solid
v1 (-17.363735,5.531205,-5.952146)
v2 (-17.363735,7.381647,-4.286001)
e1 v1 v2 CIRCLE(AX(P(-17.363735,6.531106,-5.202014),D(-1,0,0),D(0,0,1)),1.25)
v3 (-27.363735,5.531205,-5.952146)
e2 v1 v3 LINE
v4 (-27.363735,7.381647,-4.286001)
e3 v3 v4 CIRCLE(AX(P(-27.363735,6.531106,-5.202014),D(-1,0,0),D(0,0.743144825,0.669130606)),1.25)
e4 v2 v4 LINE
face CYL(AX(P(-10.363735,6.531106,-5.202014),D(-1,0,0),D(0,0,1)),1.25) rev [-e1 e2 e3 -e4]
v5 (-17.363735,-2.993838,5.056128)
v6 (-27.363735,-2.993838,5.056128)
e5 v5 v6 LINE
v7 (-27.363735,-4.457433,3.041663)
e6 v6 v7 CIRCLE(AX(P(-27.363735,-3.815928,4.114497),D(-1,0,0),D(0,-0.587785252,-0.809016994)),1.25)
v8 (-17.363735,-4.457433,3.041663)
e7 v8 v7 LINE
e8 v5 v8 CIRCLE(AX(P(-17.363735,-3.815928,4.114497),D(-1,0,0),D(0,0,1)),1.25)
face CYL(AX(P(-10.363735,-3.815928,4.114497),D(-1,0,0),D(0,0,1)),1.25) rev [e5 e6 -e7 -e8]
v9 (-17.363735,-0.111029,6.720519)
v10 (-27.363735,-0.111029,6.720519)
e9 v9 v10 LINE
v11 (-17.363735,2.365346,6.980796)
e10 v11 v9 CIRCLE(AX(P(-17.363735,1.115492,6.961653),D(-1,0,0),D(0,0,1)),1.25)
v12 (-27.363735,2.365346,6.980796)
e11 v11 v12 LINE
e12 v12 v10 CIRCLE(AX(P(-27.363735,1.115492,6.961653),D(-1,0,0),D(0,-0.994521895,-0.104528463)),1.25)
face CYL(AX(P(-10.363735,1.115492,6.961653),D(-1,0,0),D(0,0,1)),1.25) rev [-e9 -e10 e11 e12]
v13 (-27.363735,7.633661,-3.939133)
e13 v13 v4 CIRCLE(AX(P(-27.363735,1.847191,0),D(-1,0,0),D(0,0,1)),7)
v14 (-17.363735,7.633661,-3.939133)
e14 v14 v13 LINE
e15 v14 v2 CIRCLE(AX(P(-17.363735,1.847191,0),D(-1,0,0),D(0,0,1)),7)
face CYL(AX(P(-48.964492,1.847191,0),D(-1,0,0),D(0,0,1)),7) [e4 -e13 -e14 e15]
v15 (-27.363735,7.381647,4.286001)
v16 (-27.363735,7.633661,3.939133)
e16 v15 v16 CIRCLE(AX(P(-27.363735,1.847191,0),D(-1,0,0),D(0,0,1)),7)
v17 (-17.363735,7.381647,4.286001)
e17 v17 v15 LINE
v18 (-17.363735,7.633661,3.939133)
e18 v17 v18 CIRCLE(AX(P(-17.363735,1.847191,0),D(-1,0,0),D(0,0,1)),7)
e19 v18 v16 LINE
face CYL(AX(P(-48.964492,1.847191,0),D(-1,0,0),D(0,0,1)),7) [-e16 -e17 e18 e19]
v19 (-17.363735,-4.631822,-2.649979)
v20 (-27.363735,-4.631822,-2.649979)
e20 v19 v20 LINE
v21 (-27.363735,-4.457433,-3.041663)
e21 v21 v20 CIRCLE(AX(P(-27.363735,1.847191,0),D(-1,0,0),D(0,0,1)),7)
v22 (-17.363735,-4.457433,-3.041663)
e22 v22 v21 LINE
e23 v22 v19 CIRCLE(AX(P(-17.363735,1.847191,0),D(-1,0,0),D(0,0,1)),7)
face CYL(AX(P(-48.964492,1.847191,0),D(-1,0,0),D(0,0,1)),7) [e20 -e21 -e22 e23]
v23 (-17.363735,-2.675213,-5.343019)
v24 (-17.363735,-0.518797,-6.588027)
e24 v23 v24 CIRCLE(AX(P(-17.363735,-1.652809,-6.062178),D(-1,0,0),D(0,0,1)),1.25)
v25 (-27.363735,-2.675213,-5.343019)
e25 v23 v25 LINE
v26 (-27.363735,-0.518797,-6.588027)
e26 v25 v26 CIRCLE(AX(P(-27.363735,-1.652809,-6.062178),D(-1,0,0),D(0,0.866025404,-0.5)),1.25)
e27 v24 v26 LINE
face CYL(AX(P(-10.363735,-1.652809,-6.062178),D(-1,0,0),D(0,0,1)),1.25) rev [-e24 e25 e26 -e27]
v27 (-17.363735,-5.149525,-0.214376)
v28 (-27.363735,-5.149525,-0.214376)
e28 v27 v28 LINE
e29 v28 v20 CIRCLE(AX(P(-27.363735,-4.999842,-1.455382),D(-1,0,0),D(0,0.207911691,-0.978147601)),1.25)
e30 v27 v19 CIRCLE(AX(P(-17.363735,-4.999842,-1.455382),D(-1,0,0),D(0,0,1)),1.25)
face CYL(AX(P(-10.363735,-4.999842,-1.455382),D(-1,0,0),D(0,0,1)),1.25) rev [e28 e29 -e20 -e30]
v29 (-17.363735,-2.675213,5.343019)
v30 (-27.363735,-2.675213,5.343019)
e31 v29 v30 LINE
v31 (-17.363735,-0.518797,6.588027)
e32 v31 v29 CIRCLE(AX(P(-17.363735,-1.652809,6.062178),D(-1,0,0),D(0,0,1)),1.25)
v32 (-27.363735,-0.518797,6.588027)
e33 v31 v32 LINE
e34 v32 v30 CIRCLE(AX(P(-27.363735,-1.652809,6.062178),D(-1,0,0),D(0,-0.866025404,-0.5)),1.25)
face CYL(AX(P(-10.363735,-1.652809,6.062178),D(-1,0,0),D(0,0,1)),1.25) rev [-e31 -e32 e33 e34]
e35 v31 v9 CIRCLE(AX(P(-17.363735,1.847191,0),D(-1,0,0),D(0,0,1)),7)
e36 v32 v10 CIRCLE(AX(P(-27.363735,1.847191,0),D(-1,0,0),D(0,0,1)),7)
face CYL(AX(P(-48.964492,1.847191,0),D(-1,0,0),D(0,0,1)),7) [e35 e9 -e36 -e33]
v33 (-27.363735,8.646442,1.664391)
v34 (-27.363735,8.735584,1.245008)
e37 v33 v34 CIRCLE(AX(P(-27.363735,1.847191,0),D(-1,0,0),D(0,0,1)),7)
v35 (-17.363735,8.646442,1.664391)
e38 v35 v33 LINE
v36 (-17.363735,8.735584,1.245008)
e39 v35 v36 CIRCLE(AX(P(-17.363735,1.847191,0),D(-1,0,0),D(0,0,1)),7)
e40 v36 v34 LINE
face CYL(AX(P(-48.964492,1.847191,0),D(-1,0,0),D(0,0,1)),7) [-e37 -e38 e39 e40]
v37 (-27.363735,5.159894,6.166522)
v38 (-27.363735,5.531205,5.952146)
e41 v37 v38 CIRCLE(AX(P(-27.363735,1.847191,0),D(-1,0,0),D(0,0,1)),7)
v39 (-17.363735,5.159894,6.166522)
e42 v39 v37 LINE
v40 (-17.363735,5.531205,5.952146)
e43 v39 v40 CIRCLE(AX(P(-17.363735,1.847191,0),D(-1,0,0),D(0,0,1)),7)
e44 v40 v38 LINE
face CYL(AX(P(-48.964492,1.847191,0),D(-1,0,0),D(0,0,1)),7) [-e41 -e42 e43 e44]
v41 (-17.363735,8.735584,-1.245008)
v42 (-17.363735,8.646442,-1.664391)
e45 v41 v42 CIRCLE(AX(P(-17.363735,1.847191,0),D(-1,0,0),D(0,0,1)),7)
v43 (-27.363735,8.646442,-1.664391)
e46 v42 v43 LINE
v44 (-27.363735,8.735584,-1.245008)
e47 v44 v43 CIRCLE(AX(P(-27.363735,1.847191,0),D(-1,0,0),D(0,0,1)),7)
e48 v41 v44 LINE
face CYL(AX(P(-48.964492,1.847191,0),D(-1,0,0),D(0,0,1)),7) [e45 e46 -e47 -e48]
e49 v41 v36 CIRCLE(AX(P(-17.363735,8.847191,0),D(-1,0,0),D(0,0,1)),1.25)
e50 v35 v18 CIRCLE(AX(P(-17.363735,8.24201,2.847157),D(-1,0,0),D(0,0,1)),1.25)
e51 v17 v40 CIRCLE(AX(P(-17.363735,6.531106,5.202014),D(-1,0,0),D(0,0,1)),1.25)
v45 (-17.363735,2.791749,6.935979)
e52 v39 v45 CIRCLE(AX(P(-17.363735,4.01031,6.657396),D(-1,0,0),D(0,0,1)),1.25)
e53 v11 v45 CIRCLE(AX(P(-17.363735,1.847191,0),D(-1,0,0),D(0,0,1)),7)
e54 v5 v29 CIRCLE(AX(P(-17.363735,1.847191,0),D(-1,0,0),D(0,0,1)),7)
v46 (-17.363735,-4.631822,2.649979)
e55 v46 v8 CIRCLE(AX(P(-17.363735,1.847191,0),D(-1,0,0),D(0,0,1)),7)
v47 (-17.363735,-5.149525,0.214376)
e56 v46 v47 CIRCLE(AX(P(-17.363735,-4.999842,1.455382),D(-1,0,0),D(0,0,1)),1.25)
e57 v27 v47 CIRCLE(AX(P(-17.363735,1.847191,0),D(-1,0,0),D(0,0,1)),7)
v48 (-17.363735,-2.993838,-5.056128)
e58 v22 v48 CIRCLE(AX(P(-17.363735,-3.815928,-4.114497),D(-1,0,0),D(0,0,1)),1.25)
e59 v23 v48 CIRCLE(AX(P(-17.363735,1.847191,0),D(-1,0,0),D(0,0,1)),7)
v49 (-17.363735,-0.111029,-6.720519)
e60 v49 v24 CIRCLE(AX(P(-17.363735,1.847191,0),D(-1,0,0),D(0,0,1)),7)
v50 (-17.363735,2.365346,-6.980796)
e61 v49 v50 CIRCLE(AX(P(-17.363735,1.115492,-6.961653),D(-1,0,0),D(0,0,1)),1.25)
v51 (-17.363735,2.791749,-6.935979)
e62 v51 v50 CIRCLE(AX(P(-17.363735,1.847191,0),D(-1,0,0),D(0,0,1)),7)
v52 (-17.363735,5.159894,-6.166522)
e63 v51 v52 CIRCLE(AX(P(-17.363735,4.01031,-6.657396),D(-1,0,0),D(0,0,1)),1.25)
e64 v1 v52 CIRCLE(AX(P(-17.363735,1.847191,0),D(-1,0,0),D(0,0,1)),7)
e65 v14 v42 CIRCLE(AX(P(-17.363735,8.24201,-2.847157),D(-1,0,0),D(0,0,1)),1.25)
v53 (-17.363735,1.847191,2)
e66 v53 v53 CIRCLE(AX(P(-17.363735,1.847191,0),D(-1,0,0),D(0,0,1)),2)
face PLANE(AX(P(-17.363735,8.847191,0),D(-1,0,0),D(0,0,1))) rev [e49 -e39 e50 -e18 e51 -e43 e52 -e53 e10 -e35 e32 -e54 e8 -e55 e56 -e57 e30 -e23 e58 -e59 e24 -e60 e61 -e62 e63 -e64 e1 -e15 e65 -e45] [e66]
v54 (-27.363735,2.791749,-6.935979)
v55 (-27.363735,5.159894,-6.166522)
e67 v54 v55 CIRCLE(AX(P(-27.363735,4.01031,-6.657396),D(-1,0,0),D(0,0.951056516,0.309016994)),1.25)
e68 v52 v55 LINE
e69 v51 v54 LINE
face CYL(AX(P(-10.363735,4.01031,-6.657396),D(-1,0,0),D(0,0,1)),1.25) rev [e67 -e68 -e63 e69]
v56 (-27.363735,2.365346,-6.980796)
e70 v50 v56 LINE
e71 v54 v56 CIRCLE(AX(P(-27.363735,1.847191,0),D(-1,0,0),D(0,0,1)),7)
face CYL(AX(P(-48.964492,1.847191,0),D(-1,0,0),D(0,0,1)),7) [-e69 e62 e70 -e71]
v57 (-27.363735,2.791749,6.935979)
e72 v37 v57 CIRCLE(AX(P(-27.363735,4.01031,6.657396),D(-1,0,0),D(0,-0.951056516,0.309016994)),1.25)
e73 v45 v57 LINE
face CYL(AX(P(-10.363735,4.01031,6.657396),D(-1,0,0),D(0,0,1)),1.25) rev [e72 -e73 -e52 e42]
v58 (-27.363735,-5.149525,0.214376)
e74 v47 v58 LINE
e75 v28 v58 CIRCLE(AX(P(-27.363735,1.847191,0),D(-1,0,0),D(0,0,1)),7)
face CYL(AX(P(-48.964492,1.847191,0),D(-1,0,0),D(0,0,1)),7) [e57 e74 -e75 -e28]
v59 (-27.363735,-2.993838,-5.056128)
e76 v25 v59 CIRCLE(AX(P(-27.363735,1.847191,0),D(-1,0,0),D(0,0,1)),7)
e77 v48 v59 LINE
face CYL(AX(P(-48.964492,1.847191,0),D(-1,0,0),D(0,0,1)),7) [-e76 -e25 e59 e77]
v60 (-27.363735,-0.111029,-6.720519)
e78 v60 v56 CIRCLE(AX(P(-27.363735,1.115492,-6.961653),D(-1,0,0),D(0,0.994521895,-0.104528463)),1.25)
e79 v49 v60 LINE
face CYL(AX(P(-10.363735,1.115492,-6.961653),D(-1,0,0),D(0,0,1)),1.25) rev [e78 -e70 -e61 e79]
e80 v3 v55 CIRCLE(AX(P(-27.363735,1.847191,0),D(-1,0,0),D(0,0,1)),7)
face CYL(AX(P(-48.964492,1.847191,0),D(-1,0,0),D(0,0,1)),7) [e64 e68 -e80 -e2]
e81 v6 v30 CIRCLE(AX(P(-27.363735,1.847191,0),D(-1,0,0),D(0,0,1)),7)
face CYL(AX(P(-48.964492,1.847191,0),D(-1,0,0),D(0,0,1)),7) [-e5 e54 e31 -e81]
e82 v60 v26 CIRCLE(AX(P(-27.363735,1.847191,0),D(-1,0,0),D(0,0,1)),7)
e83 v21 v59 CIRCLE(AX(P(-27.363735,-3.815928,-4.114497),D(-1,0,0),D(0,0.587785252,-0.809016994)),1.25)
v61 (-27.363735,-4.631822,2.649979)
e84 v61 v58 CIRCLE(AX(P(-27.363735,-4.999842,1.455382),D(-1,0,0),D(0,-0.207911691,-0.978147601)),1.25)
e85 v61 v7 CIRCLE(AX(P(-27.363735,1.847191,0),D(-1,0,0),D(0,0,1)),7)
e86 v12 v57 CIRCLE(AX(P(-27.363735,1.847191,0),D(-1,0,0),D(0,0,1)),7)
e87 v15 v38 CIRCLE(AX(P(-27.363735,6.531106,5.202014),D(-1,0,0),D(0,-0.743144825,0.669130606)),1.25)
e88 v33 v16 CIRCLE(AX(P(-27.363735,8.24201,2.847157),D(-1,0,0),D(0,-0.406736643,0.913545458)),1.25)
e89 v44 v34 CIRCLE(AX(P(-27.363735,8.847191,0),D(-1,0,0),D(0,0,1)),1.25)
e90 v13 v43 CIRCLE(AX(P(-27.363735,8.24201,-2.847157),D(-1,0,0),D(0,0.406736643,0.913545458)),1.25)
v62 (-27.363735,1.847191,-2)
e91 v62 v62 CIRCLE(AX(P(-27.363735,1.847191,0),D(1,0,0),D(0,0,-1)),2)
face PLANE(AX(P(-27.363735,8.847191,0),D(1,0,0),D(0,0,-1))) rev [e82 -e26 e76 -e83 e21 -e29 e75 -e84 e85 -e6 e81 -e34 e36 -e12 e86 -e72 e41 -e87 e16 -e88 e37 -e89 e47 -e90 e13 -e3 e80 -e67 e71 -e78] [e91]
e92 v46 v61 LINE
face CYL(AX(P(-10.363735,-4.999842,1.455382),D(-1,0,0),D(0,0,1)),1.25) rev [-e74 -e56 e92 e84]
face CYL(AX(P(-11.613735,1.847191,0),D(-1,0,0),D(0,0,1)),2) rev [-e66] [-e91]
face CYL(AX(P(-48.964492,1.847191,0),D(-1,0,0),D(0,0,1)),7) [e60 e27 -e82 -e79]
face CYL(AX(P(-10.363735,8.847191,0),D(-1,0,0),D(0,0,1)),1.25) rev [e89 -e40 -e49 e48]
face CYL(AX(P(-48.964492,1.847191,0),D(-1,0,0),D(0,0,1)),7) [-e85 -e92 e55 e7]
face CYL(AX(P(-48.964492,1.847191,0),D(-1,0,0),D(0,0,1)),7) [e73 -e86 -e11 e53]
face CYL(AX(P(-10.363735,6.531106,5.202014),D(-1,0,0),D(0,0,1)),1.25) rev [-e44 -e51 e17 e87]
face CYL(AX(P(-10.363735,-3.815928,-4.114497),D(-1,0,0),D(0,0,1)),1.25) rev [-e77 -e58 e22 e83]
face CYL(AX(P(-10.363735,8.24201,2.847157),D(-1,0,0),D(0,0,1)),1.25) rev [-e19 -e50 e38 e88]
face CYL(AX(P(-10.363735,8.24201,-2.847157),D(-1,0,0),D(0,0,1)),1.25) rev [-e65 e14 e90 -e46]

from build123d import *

# Parameters (mm, degrees)
SKETCH_3_R               = 2
CUT_EXTRUDE_2_DEPTH      = 17
SKETCH_4_W               = 2.5
SKETCH_4_H               = 2.683329606
CUT_EXTRUDE_3_DEPTH      = 17
PATTERN_CIRCULAR_1_COUNT = 15


with BuildPart() as part:
    # 草图1 → 旋转2 (revolve)
    with BuildSketch(Plane.XY, mode=Mode.PRIVATE) as revolve_2_sk:
        Polygon((-27.363734917, 8.847191366), (-27.363734917, 3.847191366), (-28.613734917, 3.847191366), (-28.613734917, 1.847191366), (-16.113734917, 1.847191366), (-16.113734917, 3.847191366), (-17.363734917, 3.847191366), (-17.363734917, 8.847191366), align=None)
    revolve(revolve_2_sk.sketch.rotate(Axis((-48.964491856, 1.847191366, 0), (1, 0, 0)), 90), axis=Axis((-48.964491856, 1.847191366, 0), (1, 0, 0)))

    # 草图3 → 切除-拉伸2 (cut)
    with BuildSketch(Plane.ZY.offset(28.613734917)):
        with Locations((0, 1.847191366)):
            Circle(SKETCH_3_R)
    extrude(amount=-CUT_EXTRUDE_2_DEPTH, mode=Mode.SUBTRACT)

    # 草图4 → 切除-拉伸3 (cut)
    with BuildSketch(Plane.ZY.offset(27.363734917)):
        with Locations((0, 10.188856169)):
            Rectangle(SKETCH_4_W, SKETCH_4_H)
        with BuildLine():
            Line((1.25, 8.847191366), (-1.25, 8.847191366))
            ThreePointArc((-1.25, 8.847191366), (0, 7.597191366), (1.25, 8.847191366))
        make_face()
    cut_extrude_3 = extrude(amount=-CUT_EXTRUDE_3_DEPTH, mode=Mode.SUBTRACT)

    # 阵列(圆周)1: 切除-拉伸3 ×15 about axis
    pattern_circular_1_axis = Axis((0, 1.847191366, 0), (1, 0, 0))
    for i in range(1, PATTERN_CIRCULAR_1_COUNT):
        add(cut_extrude_3.rotate(pattern_circular_1_axis, i * 360 / PATTERN_CIRCULAR_1_COUNT), mode=Mode.SUBTRACT)


solid = part.part
